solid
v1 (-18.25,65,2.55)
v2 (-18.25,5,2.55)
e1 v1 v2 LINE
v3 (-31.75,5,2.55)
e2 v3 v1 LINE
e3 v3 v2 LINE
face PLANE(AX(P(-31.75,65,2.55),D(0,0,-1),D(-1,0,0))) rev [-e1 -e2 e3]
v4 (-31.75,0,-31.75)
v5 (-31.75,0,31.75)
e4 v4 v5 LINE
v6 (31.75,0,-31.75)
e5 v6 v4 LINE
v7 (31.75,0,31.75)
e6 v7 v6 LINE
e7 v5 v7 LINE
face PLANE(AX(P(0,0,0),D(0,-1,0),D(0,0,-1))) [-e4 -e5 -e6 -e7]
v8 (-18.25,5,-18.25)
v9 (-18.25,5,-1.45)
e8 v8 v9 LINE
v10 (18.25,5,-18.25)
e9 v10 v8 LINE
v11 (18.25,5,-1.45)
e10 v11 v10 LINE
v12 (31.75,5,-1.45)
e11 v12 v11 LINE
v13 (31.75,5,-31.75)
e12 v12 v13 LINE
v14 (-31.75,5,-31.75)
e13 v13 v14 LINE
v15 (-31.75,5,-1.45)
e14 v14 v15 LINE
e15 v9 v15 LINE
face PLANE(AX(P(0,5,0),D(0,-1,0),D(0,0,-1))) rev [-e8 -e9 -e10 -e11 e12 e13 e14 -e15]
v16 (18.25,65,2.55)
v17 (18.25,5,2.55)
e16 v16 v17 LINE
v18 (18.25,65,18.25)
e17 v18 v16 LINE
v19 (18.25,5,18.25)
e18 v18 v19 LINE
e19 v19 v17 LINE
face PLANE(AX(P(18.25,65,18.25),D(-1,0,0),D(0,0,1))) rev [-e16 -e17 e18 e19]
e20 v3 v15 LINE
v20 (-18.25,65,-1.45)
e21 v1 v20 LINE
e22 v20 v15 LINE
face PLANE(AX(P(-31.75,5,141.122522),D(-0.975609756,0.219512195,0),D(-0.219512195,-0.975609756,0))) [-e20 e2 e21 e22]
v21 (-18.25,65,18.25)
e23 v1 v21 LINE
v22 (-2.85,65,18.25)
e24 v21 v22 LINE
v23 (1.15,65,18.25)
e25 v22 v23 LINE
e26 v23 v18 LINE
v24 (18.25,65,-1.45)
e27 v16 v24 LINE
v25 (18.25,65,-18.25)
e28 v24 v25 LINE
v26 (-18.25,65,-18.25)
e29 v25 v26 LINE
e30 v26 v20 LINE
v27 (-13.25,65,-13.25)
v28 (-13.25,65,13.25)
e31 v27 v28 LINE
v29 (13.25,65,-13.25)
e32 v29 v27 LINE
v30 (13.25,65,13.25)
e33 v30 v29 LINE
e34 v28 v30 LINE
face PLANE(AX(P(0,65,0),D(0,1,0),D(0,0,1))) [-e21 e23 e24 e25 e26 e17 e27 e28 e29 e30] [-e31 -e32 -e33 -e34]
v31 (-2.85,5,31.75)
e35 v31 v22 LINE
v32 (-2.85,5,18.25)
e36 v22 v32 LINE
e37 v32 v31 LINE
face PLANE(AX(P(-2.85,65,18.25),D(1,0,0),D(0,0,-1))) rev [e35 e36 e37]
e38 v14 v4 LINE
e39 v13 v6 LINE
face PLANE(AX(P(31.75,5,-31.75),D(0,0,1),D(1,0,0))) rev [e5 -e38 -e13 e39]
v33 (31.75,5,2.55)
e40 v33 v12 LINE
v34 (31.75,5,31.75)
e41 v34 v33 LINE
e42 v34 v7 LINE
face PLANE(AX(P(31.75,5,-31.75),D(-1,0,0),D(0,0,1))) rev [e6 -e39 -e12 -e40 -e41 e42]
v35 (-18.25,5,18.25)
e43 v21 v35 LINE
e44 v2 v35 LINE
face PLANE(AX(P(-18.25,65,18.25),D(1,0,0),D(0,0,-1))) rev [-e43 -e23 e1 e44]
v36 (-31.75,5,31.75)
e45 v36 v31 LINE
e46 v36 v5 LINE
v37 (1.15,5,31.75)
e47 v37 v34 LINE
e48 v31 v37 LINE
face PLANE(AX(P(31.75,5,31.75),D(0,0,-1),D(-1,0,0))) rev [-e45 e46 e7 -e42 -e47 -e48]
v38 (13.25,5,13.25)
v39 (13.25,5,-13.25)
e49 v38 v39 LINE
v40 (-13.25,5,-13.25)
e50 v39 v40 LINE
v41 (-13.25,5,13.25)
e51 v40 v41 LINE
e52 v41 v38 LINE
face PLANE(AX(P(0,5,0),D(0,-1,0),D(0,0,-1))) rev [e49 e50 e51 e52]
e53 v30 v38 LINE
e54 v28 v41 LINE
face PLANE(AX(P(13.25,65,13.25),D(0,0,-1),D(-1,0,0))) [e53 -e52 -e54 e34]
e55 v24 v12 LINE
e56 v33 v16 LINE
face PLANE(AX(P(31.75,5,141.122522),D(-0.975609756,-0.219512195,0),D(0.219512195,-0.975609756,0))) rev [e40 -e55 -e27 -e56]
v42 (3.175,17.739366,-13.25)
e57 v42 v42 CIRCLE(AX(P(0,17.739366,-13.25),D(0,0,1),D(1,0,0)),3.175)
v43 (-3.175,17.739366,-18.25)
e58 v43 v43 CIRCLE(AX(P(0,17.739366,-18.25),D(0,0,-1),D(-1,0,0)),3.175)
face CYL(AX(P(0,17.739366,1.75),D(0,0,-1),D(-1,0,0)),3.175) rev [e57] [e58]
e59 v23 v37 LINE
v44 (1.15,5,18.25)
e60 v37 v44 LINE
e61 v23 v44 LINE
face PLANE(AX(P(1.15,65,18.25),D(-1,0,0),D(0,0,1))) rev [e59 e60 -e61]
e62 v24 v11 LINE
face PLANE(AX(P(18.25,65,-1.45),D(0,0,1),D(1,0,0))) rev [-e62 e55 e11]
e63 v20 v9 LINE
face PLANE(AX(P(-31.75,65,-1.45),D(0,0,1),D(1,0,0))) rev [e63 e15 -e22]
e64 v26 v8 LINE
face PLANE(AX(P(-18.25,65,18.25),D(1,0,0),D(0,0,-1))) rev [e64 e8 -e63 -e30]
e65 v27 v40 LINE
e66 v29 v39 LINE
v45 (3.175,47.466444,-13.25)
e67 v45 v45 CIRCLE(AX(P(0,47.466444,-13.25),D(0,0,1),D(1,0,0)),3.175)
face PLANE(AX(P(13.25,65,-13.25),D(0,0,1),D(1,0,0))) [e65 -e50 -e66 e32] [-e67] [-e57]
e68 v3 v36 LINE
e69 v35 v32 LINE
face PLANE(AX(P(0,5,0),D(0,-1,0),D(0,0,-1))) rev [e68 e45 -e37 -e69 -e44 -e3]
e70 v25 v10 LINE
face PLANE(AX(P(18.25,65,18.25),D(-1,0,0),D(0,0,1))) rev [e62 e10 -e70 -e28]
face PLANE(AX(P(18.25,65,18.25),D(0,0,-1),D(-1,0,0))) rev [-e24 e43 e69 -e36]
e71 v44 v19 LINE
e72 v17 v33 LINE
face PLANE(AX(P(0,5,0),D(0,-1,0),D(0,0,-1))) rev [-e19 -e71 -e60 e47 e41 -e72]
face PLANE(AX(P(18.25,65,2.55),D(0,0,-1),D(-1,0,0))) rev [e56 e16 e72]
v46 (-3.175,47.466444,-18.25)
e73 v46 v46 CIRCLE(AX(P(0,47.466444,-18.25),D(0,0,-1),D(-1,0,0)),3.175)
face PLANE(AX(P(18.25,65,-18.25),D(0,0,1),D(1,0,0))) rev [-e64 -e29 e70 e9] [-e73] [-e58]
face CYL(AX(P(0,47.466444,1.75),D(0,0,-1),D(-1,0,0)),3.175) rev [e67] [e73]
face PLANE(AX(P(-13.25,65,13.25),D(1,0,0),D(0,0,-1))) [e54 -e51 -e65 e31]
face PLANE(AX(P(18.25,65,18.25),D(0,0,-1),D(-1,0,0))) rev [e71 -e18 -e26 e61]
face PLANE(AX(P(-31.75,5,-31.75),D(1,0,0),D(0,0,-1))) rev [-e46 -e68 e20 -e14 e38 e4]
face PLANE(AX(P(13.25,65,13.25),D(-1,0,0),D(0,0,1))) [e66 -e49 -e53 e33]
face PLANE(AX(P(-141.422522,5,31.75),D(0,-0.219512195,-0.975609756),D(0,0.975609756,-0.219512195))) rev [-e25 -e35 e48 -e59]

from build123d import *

# Parameters (mm, degrees)
SKETCH1_W               = 63.5
SKETCH1_H               = 63.5
BOSS_EXTRUDE1_DEPTH     = 5
SKETCH2_W               = 36.5
SKETCH2_H               = 36.5
SKETCH2_W_2             = 26.5
SKETCH2_H_2             = 26.5
BOSS_EXTRUDE2_DEPTH     = 60
SKETCH13_W              = 13.5
SKETCH13_H              = 4
BOSS_EXTRUDE3_DEPTH     = 60
CUT_EXTRUDE1_DEPTH      = 81.059680864
CUT_EXTRUDE1_DEPTH_BACK = 81.059680864
SKETCH15_W              = 13.5
SKETCH15_H              = 4
BOSS_EXTRUDE4_DEPTH     = 60
CUT_EXTRUDE3_DEPTH      = 81.059680864
CUT_EXTRUDE3_DEPTH_BACK = 81.059680864
SKETCH17_W              = 4
SKETCH17_H              = 13.5
BOSS_EXTRUDE5_DEPTH     = 60
CUT_EXTRUDE4_DEPTH      = 81.188668152
CUT_EXTRUDE4_DEPTH_BACK = 81.188668152
SKETCH21_R              = 3.175
CUT_EXTRUDE7_DEPTH      = 20


with BuildPart() as part:
    # Sketch1 → Boss-Extrude1 (new body)
    with BuildSketch(Plane(origin=(0, 0, 0), x_dir=(1, 0, 0), z_dir=(0, 1, 0))):
        Rectangle(SKETCH1_W, SKETCH1_H)
    extrude(amount=BOSS_EXTRUDE1_DEPTH)

    # Sketch2 → Boss-Extrude2 (add)
    with BuildSketch(Plane(origin=(0, 5, 0), x_dir=(1, 0, 0), z_dir=(0, 1, 0))):
        Rectangle(SKETCH2_W, SKETCH2_H)
        Rectangle(SKETCH2_W_2, SKETCH2_H_2, mode=Mode.SUBTRACT)
    extrude(amount=BOSS_EXTRUDE2_DEPTH)

    # Sketch13 → Boss-Extrude3 (add)
    with BuildSketch(Plane(origin=(0, 5, 0), x_dir=(1, 0, 0), z_dir=(0, 1, 0))):
        with Locations((-25, -0.55)):
            Rectangle(SKETCH13_W, SKETCH13_H)
    extrude(amount=BOSS_EXTRUDE3_DEPTH)

    # Sketch14 → Cut-Extrude1 (cut, two sides: drawn at the far end of the back side and taken through both)
    with BuildSketch(Plane.XY.offset(2.55).offset(-CUT_EXTRUDE1_DEPTH_BACK)):
        Polygon((-72.29949978, -175.219999022), (-31.75, 5), (-18.25, 65), (22.29949978, 245.219999022), (-338.140498264, 326.318998582), (-432.739497824, -94.120999462), align=None)
    extrude(amount=CUT_EXTRUDE1_DEPTH + CUT_EXTRUDE1_DEPTH_BACK, mode=Mode.SUBTRACT)

    # Sketch15 → Boss-Extrude4 (add)
    with BuildSketch(Plane(origin=(0, 5, 0), x_dir=(1, 0, 0), z_dir=(0, 1, 0))):
        with Locations((25, -0.55)):
            Rectangle(SKETCH15_W, SKETCH15_H)
    extrude(amount=BOSS_EXTRUDE4_DEPTH)

    # Sketch16 → Cut-Extrude3 (cut, two sides: drawn at the far end of the back side and taken through both)
    with BuildSketch(Plane.XY.offset(2.55).offset(-CUT_EXTRUDE3_DEPTH_BACK)):
        Polygon((72.29949978, -175.219999022), (31.75, 5), (18.25, 65), (-22.29949978, 245.219999022), (338.140498264, 326.318998582), (432.739497824, -94.120999462), align=None)
    extrude(amount=CUT_EXTRUDE3_DEPTH + CUT_EXTRUDE3_DEPTH_BACK, mode=Mode.SUBTRACT)

    # Sketch17 → Boss-Extrude5 (add)
    with BuildSketch(Plane(origin=(0, 5, 0), x_dir=(1, 0, 0), z_dir=(0, 1, 0))):
        with Locations((-0.85, -25)):
            Rectangle(SKETCH17_W, SKETCH17_H)
    extrude(amount=BOSS_EXTRUDE5_DEPTH)

    # Sketch18 → Cut-Extrude4 (cut, two sides: drawn at the far end of the back side and taken through both)
    with BuildSketch(Plane.ZY.offset(2.85).offset(-CUT_EXTRUDE4_DEPTH_BACK)):
        Polygon((72.29949978, -175.219999022), (31.75, 5), (18.25, 65), (-22.29949978, 245.219999022), (338.140498264, 326.318998582), (432.739497824, -94.120999462), align=None)
    extrude(amount=CUT_EXTRUDE4_DEPTH + CUT_EXTRUDE4_DEPTH_BACK, mode=Mode.SUBTRACT)

    # Sketch21 → Cut-Extrude7 (cut)
    with BuildSketch(Plane(origin=(0, 0, -18.25), x_dir=(-1, 0, 0), z_dir=(0, 0, -1))):
        with Locations((0, 17.739365868)):
            Circle(SKETCH21_R)
        with Locations((0, 47.466444019)):
            Circle(SKETCH21_R)
    extrude(amount=-CUT_EXTRUDE7_DEPTH, mode=Mode.SUBTRACT)


solid = part.part
